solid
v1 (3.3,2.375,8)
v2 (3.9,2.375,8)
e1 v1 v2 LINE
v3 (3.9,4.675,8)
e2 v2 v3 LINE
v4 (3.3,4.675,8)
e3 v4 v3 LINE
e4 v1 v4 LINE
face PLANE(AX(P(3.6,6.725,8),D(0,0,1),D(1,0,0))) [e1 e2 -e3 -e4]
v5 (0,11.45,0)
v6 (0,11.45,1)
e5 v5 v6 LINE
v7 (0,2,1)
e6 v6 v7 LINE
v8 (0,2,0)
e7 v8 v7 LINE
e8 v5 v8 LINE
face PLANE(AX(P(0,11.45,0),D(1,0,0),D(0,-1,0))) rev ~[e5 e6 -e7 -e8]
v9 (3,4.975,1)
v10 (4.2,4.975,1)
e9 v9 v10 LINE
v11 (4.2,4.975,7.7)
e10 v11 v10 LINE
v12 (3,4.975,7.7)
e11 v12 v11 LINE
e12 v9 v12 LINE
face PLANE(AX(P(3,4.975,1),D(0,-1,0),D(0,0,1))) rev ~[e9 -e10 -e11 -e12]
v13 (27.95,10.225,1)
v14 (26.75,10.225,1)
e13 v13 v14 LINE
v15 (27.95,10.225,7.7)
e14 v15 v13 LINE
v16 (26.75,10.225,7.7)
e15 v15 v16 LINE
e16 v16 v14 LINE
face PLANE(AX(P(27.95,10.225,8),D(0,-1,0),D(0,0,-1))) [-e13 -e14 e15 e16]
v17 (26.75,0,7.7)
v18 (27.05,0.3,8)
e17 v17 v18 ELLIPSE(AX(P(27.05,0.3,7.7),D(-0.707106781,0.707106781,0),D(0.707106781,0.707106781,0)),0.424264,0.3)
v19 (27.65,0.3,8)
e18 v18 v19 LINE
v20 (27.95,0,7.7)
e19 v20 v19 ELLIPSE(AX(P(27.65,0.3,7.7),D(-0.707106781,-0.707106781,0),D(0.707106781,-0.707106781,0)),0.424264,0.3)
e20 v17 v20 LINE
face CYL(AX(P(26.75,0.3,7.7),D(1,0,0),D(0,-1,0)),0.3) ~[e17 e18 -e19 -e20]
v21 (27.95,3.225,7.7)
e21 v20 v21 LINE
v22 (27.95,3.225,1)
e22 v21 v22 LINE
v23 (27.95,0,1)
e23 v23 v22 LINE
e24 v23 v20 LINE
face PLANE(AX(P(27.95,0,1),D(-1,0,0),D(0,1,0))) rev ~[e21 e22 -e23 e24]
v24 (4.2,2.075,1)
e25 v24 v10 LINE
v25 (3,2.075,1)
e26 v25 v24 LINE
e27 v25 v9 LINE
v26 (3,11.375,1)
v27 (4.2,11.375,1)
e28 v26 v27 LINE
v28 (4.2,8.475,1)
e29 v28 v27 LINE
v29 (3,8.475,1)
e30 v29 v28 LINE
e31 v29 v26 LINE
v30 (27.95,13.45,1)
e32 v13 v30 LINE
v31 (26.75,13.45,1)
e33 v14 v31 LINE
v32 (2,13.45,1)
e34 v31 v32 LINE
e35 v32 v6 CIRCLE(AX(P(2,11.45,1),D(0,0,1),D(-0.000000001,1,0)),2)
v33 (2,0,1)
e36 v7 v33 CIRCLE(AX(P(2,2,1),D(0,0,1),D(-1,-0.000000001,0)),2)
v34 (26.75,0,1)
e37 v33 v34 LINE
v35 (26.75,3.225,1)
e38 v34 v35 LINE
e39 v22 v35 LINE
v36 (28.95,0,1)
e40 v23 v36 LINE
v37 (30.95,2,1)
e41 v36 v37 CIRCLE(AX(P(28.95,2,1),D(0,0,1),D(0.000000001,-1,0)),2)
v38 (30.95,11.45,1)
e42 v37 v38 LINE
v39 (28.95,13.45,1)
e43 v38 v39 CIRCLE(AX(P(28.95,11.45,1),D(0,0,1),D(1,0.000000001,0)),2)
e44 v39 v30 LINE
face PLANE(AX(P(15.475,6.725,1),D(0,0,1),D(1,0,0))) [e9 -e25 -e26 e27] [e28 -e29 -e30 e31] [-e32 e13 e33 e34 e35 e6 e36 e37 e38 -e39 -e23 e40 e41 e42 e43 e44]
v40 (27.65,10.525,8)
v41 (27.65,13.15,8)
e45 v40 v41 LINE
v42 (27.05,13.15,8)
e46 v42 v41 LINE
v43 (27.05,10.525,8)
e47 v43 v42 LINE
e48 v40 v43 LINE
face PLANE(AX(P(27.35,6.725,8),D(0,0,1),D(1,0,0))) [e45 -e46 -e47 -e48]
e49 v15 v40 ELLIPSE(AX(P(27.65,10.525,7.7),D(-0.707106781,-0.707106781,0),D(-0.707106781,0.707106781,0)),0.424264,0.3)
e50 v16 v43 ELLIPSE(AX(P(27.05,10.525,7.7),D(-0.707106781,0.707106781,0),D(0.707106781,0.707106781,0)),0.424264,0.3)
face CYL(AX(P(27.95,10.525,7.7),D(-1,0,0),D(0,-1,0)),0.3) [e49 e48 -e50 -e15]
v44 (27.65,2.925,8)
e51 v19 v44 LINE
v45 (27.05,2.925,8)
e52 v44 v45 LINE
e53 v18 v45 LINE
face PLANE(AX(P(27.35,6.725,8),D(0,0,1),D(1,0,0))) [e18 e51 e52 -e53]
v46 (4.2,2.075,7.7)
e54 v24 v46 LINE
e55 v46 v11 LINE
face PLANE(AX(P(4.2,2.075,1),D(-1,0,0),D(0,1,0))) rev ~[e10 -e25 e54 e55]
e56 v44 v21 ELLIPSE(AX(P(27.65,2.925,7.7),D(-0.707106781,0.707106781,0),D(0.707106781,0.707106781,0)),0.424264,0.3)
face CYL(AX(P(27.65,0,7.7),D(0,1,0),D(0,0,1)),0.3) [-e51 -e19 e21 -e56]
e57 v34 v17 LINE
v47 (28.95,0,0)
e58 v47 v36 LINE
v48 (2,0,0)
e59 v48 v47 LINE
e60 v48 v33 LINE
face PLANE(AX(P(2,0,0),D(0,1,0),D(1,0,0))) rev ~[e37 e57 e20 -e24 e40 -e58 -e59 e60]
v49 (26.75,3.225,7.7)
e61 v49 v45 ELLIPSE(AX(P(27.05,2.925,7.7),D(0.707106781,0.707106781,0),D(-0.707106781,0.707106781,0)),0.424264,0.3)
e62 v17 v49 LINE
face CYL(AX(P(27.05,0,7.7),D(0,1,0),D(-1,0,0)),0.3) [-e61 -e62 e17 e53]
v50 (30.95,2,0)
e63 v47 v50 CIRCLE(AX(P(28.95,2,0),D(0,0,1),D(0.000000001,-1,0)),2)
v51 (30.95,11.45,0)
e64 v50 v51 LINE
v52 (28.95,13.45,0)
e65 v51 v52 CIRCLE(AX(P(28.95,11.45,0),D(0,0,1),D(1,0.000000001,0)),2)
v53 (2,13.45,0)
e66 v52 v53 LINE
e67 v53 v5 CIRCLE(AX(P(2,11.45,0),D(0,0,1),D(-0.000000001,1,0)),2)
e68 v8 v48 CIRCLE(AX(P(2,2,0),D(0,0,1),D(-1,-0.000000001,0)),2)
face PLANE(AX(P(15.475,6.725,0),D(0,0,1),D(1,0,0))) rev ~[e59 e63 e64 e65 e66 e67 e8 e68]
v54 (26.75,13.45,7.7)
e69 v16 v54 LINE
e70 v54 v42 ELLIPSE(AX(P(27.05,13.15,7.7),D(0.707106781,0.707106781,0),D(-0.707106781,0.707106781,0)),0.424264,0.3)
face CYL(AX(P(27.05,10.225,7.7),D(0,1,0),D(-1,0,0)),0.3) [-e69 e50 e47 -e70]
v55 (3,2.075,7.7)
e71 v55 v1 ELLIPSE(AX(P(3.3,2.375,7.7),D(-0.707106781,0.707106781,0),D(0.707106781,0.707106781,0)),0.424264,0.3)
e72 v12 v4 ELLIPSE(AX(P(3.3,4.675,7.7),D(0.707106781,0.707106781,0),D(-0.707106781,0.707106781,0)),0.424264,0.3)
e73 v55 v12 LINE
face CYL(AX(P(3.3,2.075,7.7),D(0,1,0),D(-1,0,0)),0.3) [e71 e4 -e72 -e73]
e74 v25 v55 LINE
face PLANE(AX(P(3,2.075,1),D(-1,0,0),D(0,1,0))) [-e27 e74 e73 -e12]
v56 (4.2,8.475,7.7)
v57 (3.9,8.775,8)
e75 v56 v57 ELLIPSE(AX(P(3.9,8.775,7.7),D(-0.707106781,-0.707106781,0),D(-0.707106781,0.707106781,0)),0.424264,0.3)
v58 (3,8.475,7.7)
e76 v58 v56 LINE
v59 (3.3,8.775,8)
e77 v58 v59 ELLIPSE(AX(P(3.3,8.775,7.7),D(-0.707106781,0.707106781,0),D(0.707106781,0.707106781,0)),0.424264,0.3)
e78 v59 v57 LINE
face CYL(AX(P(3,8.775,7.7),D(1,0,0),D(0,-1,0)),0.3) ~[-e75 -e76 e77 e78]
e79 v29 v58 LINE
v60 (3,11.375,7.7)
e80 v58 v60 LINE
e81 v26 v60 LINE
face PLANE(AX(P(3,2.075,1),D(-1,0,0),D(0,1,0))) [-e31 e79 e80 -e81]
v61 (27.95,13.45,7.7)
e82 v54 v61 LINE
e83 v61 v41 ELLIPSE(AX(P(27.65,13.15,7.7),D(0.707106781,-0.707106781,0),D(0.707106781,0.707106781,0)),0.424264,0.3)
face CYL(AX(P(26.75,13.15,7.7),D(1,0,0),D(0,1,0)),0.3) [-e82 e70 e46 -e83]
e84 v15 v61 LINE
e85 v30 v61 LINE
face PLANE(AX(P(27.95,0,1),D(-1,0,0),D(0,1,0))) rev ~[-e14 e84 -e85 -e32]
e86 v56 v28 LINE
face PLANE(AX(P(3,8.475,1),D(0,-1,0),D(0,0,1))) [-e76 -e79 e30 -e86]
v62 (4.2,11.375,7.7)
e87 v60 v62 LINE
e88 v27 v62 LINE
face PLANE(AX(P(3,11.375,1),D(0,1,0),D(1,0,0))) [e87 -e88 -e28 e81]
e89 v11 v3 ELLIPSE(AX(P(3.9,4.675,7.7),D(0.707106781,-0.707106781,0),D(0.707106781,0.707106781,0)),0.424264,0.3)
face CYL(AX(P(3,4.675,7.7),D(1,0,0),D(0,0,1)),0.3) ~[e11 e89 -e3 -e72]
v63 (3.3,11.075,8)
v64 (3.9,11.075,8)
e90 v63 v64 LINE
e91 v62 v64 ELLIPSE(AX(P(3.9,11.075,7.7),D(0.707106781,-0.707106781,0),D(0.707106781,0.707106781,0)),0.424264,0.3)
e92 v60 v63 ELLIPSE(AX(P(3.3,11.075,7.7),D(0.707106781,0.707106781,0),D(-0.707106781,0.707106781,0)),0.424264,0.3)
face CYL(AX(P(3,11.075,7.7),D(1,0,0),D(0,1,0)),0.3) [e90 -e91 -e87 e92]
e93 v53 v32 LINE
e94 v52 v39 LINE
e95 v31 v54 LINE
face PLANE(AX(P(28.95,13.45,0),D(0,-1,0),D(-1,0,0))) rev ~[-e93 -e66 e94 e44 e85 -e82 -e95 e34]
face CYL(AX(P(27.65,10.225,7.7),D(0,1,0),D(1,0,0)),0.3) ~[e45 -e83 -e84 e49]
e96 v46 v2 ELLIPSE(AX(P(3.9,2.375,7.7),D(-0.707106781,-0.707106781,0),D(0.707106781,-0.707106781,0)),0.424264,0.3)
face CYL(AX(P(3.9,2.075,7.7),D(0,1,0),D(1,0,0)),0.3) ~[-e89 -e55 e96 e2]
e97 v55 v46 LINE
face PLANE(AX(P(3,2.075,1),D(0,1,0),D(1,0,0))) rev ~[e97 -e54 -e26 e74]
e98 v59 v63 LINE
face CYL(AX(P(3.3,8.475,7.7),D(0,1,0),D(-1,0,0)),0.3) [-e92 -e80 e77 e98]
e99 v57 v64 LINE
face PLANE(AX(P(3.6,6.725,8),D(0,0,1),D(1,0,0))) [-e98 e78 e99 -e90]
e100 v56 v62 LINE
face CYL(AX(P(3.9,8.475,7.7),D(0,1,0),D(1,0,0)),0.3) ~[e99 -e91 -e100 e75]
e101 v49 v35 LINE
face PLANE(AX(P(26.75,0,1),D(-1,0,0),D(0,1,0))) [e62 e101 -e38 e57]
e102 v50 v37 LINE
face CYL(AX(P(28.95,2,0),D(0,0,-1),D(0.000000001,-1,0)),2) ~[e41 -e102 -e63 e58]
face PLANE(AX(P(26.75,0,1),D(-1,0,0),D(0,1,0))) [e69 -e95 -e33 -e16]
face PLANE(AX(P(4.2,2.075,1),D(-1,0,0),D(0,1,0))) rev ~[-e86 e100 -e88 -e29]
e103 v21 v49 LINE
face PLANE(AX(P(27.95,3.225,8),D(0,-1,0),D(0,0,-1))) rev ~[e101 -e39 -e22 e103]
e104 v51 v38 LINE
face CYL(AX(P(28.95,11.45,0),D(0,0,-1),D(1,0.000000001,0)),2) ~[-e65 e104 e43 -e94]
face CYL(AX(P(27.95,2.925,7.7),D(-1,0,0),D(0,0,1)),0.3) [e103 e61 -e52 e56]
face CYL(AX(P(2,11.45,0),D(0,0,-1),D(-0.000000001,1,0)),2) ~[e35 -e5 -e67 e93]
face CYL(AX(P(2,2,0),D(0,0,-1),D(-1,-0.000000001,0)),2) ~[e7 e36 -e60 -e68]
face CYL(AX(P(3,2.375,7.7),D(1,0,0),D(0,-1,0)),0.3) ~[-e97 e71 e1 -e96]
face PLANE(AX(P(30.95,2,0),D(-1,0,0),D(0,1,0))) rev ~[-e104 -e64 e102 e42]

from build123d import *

# Parameters (mm, degrees)
EXTRUDE_1_DEPTH     = 1
SKETCH_2_W          = 1.2
SKETCH_2_H          = 13.45
SKETCH_2_H_2        = 9.3
EXTRUDE_2_DEPTH     = 7
CUT_EXTRUDE_1_REACH = 29.95
SKETCH_3_W          = 7
SKETCH_3_H          = 7
CUT_EXTRUDE_2_REACH = 29.95
SKETCH_4_W          = 7
SKETCH_4_H          = 3.5
FILLET_1_R          = 0.3


with BuildPart() as part:
    # 草图1 → 凸台-拉伸1 (new body)
    with BuildSketch(Plane.XY):
        with BuildLine():
            Line((2, 0), (28.95, 0))
            ThreePointArc((28.95, 0), (30.364213562, 0.585786438), (30.95, 2))
            Line((30.95, 2), (30.95, 11.45))
            ThreePointArc((30.95, 11.45), (30.364213562, 12.864213562), (28.95, 13.45))
            Line((28.95, 13.45), (2, 13.45))
            ThreePointArc((2, 13.45), (0.585786438, 12.864213562), (0, 11.45))
            Line((0, 11.45), (0, 2))
            ThreePointArc((0, 2), (0.585786438, 0.585786438), (2, 0))
        make_face()
    extrude(amount=EXTRUDE_1_DEPTH)

    # 草图2 → 凸台-拉伸2 (add)
    with BuildSketch(Plane.XY.offset(1)):
        with Locations((27.35, 6.725)):
            Rectangle(SKETCH_2_W, SKETCH_2_H)
        with Locations((3.6, 6.725)):
            Rectangle(SKETCH_2_W, SKETCH_2_H_2)
    extrude(amount=EXTRUDE_2_DEPTH)

    # 草图3 → 切除-拉伸1 (cut, up to next)
    with BuildSketch(Plane(origin=(27.95, 0, 0), x_dir=(0, 0, -1), z_dir=(1, 0, 0)), mode=Mode.PRIVATE) as cut_extrude_1_sk1:
        with Locations((-4.5, 6.725)):
            Rectangle(SKETCH_3_W, SKETCH_3_H)
    cut_extrude_1_tool1 = extrude(cut_extrude_1_sk1.sketch, amount=-CUT_EXTRUDE_1_REACH, mode=Mode.PRIVATE) & part.part
    add(cut_extrude_1_tool1.solids().sort_by_distance((27.95, 6.725, 4.5))[0], mode=Mode.SUBTRACT)

    # 草图4 → 切除-拉伸2 (cut, up to next)
    with BuildSketch(Plane.ZY.offset(-3), mode=Mode.PRIVATE) as cut_extrude_2_sk1:
        with Locations((4.5, 6.725)):
            Rectangle(SKETCH_4_W, SKETCH_4_H)
    cut_extrude_2_tool1 = extrude(cut_extrude_2_sk1.sketch, amount=-CUT_EXTRUDE_2_REACH, mode=Mode.PRIVATE) & part.part
    add(cut_extrude_2_tool1.solids().sort_by_distance((3, 6.725, 4.5))[0], mode=Mode.SUBTRACT)

    # 圆角1
    fillet_1_edges = [part.edges().sort_by_distance(p)[0] for p in [
        (26.75, 11.8375, 8),
        (27.35, 0, 8),
        (27.95, 1.6125, 8),
        (27.35, 13.45, 8),
        (3, 9.925, 8),
        (3.6, 2.075, 8),
        (4.2, 3.525, 8),
        (3.6, 11.375, 8),
        (26.75, 1.6125, 8),
        (27.95, 11.8375, 8),
        (27.35, 3.225, 8),
        (27.35, 10.225, 8),
        (3, 3.525, 8),
        (4.2, 9.925, 8),
        (3.6, 8.475, 8),
        (3.6, 4.975, 8),
    ]]
    fillet(fillet_1_edges, radius=FILLET_1_R)


solid = part.part
